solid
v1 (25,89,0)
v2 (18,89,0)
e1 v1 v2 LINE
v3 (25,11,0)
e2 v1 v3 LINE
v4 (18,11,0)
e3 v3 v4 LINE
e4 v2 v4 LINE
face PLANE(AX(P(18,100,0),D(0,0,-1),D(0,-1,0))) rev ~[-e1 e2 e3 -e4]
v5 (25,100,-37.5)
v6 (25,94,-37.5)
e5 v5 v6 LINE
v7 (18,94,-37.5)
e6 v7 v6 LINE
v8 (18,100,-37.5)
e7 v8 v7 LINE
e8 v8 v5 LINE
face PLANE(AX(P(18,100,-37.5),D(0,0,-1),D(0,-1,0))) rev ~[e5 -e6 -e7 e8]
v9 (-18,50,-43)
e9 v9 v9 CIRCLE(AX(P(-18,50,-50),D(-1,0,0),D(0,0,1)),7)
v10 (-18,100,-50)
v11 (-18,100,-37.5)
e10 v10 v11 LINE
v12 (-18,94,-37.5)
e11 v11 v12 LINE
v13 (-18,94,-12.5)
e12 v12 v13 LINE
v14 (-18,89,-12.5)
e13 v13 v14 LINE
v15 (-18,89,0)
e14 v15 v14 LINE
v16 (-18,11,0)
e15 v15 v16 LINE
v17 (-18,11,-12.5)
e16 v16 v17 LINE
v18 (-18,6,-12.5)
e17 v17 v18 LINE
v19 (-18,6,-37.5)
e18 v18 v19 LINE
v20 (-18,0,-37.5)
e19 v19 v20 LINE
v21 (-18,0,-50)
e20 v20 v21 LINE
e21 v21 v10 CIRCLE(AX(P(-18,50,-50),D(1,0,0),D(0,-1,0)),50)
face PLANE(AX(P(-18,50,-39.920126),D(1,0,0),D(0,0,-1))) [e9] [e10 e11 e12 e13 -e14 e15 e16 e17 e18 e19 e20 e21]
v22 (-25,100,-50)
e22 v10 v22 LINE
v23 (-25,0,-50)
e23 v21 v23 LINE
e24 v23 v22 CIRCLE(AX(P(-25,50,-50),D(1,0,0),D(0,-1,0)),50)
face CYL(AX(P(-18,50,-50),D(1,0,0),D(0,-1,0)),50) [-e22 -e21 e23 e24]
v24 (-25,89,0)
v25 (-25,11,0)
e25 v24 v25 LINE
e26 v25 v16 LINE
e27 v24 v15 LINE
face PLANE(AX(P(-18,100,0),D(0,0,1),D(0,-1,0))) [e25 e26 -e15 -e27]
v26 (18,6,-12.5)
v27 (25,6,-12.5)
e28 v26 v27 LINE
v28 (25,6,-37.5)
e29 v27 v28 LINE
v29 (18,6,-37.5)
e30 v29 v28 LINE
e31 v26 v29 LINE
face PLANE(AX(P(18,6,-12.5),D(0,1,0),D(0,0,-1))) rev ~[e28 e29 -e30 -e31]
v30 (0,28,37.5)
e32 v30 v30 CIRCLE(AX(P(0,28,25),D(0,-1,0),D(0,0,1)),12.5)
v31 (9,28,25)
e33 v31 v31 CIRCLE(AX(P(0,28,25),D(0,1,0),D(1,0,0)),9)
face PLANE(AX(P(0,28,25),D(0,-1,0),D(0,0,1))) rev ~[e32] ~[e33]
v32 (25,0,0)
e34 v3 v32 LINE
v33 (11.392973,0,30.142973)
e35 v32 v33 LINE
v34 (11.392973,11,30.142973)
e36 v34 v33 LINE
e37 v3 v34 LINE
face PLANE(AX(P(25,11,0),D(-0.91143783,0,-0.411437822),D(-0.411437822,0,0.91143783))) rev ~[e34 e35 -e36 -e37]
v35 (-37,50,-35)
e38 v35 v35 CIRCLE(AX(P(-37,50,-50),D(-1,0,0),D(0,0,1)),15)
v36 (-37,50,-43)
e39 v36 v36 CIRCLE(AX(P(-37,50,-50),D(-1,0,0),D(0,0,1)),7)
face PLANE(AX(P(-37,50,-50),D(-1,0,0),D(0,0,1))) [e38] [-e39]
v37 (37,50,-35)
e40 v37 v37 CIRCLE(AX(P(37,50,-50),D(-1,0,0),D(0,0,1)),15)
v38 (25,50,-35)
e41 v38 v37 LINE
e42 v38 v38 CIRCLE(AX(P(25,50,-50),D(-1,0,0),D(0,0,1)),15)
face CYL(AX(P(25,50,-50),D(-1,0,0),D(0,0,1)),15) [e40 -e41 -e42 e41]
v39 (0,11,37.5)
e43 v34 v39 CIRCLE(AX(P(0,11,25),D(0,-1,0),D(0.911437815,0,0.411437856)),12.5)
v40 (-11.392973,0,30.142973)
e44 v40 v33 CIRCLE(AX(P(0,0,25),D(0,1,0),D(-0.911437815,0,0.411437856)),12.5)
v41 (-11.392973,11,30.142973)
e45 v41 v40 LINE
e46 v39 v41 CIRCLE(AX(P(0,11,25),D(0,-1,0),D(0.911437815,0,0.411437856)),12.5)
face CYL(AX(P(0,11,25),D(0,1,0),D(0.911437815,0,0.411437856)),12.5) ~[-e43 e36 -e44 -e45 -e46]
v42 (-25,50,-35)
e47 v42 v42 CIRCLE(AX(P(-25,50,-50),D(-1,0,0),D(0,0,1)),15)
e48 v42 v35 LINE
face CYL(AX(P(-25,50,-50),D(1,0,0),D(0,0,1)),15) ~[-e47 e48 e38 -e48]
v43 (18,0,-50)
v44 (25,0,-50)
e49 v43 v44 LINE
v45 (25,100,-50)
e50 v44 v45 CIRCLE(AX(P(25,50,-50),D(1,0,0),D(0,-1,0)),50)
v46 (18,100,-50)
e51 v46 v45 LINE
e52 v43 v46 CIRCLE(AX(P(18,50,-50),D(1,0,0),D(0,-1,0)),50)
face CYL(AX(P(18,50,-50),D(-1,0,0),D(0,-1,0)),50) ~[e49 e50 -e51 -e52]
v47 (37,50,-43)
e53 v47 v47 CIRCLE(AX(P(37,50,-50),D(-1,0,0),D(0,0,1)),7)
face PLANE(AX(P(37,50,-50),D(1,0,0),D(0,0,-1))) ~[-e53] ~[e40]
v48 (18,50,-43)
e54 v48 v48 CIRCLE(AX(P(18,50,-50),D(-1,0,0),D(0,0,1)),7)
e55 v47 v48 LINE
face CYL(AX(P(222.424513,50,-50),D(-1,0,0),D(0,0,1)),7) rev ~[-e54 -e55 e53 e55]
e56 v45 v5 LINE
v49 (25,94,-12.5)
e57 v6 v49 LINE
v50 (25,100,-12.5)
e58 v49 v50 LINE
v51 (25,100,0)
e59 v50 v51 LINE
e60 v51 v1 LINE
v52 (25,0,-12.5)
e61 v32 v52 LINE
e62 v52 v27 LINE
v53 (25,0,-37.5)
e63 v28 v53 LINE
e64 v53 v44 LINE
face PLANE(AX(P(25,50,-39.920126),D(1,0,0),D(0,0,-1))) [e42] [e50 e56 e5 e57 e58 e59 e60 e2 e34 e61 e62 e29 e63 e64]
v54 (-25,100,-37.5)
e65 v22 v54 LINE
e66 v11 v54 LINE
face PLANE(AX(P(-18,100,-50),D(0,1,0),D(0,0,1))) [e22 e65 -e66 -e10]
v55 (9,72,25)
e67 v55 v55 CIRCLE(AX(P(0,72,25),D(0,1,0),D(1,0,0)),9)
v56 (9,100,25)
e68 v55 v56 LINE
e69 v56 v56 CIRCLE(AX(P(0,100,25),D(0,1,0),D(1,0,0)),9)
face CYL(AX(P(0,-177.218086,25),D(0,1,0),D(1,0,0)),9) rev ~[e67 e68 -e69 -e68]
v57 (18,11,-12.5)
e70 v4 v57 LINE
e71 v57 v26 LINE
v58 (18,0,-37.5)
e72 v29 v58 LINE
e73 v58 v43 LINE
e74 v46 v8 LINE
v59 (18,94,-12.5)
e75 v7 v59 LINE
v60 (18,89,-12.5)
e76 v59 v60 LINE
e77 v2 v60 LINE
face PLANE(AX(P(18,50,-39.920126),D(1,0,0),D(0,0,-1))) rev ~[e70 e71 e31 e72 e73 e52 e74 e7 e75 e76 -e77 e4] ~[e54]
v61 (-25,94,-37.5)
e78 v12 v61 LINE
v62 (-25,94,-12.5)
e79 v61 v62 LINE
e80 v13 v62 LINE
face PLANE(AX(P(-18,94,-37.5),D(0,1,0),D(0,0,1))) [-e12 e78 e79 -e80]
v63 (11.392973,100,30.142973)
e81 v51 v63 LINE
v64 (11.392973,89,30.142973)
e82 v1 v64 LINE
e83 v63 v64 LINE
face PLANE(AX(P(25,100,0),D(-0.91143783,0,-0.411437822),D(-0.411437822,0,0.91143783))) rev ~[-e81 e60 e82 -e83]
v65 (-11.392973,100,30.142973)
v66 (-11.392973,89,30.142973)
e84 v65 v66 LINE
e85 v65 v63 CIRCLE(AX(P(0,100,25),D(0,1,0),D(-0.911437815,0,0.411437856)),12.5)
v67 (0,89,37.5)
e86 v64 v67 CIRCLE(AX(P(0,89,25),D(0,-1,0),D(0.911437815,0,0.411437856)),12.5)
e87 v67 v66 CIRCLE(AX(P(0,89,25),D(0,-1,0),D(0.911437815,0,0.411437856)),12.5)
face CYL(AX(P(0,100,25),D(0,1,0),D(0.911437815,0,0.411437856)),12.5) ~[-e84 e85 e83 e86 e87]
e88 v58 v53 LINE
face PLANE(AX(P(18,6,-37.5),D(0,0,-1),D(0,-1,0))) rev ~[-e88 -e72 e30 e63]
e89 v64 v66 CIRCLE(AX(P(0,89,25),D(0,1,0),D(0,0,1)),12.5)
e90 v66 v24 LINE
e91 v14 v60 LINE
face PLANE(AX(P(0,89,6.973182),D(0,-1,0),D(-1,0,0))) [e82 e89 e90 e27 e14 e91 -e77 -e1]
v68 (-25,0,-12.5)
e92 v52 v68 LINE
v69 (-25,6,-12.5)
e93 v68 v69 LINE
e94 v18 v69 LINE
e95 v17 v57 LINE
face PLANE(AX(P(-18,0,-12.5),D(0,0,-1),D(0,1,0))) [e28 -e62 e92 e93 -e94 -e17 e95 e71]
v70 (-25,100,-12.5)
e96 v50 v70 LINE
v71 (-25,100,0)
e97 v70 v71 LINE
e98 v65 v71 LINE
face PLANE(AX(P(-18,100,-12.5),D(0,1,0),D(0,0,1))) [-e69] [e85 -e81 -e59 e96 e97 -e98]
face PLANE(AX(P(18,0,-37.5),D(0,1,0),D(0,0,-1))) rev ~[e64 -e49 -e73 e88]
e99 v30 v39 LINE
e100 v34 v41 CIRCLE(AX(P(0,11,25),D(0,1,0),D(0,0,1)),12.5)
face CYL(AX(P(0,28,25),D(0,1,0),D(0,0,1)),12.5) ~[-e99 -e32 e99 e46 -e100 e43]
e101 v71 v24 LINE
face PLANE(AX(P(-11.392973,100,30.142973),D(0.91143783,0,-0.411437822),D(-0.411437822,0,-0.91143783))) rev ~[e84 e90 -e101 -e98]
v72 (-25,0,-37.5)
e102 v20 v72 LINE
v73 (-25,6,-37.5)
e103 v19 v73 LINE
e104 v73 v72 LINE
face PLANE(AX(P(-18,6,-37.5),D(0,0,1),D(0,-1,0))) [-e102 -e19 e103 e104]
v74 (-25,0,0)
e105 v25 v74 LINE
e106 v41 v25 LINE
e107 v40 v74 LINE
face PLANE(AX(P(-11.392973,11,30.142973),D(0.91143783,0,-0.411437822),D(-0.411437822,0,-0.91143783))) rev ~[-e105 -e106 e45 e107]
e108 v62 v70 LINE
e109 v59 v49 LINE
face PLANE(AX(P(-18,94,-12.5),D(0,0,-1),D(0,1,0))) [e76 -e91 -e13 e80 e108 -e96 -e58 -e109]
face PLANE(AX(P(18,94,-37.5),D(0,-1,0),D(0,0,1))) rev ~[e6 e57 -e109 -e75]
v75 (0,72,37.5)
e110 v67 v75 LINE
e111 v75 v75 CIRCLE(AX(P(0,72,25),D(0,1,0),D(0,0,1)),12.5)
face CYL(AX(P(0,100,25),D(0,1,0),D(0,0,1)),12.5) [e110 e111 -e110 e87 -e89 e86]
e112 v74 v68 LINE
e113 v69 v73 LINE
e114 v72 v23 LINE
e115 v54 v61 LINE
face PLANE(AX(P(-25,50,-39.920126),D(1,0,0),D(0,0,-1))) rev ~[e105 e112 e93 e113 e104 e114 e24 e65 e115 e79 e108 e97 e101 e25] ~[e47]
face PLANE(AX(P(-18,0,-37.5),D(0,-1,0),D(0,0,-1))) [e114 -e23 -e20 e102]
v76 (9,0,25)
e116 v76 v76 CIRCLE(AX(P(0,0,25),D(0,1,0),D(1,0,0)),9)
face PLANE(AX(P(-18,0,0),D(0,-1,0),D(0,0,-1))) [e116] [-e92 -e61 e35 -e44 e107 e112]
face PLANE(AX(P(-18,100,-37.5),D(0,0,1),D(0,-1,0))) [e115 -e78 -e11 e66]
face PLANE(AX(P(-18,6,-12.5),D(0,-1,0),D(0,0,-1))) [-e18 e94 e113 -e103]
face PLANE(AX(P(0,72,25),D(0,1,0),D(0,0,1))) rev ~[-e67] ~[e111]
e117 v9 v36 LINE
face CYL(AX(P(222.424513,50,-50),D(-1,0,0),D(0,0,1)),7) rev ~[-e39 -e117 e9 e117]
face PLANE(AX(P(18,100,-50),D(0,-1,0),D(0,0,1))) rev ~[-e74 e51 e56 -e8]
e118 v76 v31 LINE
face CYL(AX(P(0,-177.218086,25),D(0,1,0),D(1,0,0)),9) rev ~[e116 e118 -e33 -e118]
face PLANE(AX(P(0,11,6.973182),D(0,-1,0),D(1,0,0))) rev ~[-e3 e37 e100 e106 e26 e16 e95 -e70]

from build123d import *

# Parameters (mm, degrees)
BOSS_EXTRUDE1_START = 18
BOSS_EXTRUDE1_DEPTH = 7
BOSS_EXTRUDE3_START = -18
BOSS_EXTRUDE3_DEPTH = 7
BOSS_EXTRUDE4_DEPTH = 11
BOSS_EXTRUDE5_START = -11
BOSS_EXTRUDE5_DEPTH = 11
SKETCH9_R           = 12.5
BOSS_EXTRUDE6_DEPTH = 28
BOSS_EXTRUDE7_START = -28
SKETCH11_R          = 12.5
BOSS_EXTRUDE7_DEPTH = 28
HOLE1_D             = 18
SKETCH14_R          = 15
BOSS_EXTRUDE8_DEPTH = 12
HOLE2_D             = 14


with BuildPart() as part:
    # Sketch1 → Boss-Extrude1 (new body)
    with BuildSketch(Plane(origin=(0, 0, 0), x_dir=(0, 0, -1), z_dir=(1, 0, 0)).offset(BOSS_EXTRUDE1_START)):
        with BuildLine():
            Line((0, 0), (12.5, 0))
            Line((12.5, 0), (12.5, 6))
            Line((12.5, 6), (37.5, 6))
            Line((37.5, 6), (37.5, 0))
            Line((37.5, 0), (50, 0))
            ThreePointArc((50, 0), (100, 50), (50, 100))
            Line((50, 100), (37.5, 100))
            Line((37.5, 100), (37.5, 94))
            Line((37.5, 94), (12.5, 94))
            Line((12.5, 94), (12.5, 100))
            Line((12.5, 100), (0, 100))
            Line((0, 100), (0, 0))
        make_face()
    extrude(amount=BOSS_EXTRUDE1_DEPTH)



with BuildPart() as body_2:
    # Sketch3 → Boss-Extrude3 (new body)
    with BuildSketch(Plane(origin=(0, 0, 0), x_dir=(0, 0, -1), z_dir=(1, 0, 0)).offset(BOSS_EXTRUDE3_START)):
        with BuildLine():
            Line((0, 100), (0, 0))
            Line((0, 0), (12.5, 0))
            Line((12.5, 0), (12.5, 6))
            Line((12.5, 6), (37.5, 6))
            Line((37.5, 6), (37.5, 0))
            Line((37.5, 0), (50, 0))
            ThreePointArc((50, 0), (100, 50), (50, 100))
            Line((50, 100), (37.5, 100))
            Line((37.5, 100), (37.5, 94))
            Line((37.5, 94), (12.5, 94))
            Line((12.5, 94), (12.5, 100))
            Line((12.5, 100), (0, 100))
        make_face()
    extrude(amount=-BOSS_EXTRUDE3_DEPTH)


with BuildPart() as part_1:
    add(part.part)

    add(body_2.part)  # Boss-Extrude4 merges body 2
    # Sketch5 → Boss-Extrude4 (add)
    with BuildSketch(Plane(origin=(0, 100, 0), x_dir=(1, 0, 0), z_dir=(0, 1, 0))):
        with BuildLine():
            Line((-25, 12.5), (25, 12.5))
            Line((25, 12.5), (25, 0))
            Line((25, 0), (11.392973, -30.142973))
            ThreePointArc((11.392973, -30.142973), (0, -37.5), (-11.392973, -30.142973))
            Line((-11.392973, -30.142973), (-25, 0))
            Line((-25, 0), (-25, 12.5))
        make_face()
    extrude(amount=-BOSS_EXTRUDE4_DEPTH)

    # Sketch8 → Boss-Extrude5 (add)
    with BuildSketch(Plane.XZ.offset(BOSS_EXTRUDE5_START)):
        with BuildLine():
            Line((-25, 0), (-25, -12.5))
            Line((-25, -12.5), (-18, -12.5))
            Line((-18, -12.5), (18, -12.5))
            Line((18, -12.5), (25, -12.5))
            Line((25, -12.5), (25, 0))
            Line((25, 0), (11.392973, 30.142973))
            ThreePointArc((11.392973, 30.142973), (0, 37.5), (-11.392973, 30.142973))
            Line((-11.392973, 30.142973), (-25, 0))
        make_face()
    extrude(amount=BOSS_EXTRUDE5_DEPTH)

    # Sketch9 → Boss-Extrude6 (add)
    with BuildSketch(Plane(origin=(0, 100, 0), x_dir=(1, 0, 0), z_dir=(0, 1, 0))):
        with Locations(Location((0, -25, 0), (0, 0, 270))):
            Circle(SKETCH9_R)
    extrude(amount=-BOSS_EXTRUDE6_DEPTH)

    # Sketch11 → Boss-Extrude7 (add)
    with BuildSketch(Plane.XZ.offset(BOSS_EXTRUDE7_START)):
        with Locations(Location((0, 25, 0), (0, 0, 90))):
            Circle(SKETCH11_R)
    extrude(amount=BOSS_EXTRUDE7_DEPTH)

    # Hole1 (through all)
    with Locations(Plane(origin=(0, 0, 0), x_dir=(-1, 0, 0), z_dir=(0, -1, 0))):
        with Locations((0, -25)):
            Hole(HOLE1_D / 2)

    # Sketch14 → Boss-Extrude8 (add)
    with BuildSketch(Plane.ZY.offset(25)):
        with Locations((-50, 50)):
            Circle(SKETCH14_R)
    boss_extrude8 = extrude(amount=BOSS_EXTRUDE8_DEPTH)

    # Mirror1: Boss-Extrude8 across plane
    add(boss_extrude8.mirror(Plane(origin=(0, 0, 0), x_dir=(0, 0, 1), z_dir=(1, 0, 0))))

    # Hole2 (through all)
    with Locations(Plane(origin=(37, 0, 0), x_dir=(0, 0, -1), z_dir=(1, 0, 0))):
        with Locations((50, 50)):
            Hole(HOLE2_D / 2)


solid = part_1.part
